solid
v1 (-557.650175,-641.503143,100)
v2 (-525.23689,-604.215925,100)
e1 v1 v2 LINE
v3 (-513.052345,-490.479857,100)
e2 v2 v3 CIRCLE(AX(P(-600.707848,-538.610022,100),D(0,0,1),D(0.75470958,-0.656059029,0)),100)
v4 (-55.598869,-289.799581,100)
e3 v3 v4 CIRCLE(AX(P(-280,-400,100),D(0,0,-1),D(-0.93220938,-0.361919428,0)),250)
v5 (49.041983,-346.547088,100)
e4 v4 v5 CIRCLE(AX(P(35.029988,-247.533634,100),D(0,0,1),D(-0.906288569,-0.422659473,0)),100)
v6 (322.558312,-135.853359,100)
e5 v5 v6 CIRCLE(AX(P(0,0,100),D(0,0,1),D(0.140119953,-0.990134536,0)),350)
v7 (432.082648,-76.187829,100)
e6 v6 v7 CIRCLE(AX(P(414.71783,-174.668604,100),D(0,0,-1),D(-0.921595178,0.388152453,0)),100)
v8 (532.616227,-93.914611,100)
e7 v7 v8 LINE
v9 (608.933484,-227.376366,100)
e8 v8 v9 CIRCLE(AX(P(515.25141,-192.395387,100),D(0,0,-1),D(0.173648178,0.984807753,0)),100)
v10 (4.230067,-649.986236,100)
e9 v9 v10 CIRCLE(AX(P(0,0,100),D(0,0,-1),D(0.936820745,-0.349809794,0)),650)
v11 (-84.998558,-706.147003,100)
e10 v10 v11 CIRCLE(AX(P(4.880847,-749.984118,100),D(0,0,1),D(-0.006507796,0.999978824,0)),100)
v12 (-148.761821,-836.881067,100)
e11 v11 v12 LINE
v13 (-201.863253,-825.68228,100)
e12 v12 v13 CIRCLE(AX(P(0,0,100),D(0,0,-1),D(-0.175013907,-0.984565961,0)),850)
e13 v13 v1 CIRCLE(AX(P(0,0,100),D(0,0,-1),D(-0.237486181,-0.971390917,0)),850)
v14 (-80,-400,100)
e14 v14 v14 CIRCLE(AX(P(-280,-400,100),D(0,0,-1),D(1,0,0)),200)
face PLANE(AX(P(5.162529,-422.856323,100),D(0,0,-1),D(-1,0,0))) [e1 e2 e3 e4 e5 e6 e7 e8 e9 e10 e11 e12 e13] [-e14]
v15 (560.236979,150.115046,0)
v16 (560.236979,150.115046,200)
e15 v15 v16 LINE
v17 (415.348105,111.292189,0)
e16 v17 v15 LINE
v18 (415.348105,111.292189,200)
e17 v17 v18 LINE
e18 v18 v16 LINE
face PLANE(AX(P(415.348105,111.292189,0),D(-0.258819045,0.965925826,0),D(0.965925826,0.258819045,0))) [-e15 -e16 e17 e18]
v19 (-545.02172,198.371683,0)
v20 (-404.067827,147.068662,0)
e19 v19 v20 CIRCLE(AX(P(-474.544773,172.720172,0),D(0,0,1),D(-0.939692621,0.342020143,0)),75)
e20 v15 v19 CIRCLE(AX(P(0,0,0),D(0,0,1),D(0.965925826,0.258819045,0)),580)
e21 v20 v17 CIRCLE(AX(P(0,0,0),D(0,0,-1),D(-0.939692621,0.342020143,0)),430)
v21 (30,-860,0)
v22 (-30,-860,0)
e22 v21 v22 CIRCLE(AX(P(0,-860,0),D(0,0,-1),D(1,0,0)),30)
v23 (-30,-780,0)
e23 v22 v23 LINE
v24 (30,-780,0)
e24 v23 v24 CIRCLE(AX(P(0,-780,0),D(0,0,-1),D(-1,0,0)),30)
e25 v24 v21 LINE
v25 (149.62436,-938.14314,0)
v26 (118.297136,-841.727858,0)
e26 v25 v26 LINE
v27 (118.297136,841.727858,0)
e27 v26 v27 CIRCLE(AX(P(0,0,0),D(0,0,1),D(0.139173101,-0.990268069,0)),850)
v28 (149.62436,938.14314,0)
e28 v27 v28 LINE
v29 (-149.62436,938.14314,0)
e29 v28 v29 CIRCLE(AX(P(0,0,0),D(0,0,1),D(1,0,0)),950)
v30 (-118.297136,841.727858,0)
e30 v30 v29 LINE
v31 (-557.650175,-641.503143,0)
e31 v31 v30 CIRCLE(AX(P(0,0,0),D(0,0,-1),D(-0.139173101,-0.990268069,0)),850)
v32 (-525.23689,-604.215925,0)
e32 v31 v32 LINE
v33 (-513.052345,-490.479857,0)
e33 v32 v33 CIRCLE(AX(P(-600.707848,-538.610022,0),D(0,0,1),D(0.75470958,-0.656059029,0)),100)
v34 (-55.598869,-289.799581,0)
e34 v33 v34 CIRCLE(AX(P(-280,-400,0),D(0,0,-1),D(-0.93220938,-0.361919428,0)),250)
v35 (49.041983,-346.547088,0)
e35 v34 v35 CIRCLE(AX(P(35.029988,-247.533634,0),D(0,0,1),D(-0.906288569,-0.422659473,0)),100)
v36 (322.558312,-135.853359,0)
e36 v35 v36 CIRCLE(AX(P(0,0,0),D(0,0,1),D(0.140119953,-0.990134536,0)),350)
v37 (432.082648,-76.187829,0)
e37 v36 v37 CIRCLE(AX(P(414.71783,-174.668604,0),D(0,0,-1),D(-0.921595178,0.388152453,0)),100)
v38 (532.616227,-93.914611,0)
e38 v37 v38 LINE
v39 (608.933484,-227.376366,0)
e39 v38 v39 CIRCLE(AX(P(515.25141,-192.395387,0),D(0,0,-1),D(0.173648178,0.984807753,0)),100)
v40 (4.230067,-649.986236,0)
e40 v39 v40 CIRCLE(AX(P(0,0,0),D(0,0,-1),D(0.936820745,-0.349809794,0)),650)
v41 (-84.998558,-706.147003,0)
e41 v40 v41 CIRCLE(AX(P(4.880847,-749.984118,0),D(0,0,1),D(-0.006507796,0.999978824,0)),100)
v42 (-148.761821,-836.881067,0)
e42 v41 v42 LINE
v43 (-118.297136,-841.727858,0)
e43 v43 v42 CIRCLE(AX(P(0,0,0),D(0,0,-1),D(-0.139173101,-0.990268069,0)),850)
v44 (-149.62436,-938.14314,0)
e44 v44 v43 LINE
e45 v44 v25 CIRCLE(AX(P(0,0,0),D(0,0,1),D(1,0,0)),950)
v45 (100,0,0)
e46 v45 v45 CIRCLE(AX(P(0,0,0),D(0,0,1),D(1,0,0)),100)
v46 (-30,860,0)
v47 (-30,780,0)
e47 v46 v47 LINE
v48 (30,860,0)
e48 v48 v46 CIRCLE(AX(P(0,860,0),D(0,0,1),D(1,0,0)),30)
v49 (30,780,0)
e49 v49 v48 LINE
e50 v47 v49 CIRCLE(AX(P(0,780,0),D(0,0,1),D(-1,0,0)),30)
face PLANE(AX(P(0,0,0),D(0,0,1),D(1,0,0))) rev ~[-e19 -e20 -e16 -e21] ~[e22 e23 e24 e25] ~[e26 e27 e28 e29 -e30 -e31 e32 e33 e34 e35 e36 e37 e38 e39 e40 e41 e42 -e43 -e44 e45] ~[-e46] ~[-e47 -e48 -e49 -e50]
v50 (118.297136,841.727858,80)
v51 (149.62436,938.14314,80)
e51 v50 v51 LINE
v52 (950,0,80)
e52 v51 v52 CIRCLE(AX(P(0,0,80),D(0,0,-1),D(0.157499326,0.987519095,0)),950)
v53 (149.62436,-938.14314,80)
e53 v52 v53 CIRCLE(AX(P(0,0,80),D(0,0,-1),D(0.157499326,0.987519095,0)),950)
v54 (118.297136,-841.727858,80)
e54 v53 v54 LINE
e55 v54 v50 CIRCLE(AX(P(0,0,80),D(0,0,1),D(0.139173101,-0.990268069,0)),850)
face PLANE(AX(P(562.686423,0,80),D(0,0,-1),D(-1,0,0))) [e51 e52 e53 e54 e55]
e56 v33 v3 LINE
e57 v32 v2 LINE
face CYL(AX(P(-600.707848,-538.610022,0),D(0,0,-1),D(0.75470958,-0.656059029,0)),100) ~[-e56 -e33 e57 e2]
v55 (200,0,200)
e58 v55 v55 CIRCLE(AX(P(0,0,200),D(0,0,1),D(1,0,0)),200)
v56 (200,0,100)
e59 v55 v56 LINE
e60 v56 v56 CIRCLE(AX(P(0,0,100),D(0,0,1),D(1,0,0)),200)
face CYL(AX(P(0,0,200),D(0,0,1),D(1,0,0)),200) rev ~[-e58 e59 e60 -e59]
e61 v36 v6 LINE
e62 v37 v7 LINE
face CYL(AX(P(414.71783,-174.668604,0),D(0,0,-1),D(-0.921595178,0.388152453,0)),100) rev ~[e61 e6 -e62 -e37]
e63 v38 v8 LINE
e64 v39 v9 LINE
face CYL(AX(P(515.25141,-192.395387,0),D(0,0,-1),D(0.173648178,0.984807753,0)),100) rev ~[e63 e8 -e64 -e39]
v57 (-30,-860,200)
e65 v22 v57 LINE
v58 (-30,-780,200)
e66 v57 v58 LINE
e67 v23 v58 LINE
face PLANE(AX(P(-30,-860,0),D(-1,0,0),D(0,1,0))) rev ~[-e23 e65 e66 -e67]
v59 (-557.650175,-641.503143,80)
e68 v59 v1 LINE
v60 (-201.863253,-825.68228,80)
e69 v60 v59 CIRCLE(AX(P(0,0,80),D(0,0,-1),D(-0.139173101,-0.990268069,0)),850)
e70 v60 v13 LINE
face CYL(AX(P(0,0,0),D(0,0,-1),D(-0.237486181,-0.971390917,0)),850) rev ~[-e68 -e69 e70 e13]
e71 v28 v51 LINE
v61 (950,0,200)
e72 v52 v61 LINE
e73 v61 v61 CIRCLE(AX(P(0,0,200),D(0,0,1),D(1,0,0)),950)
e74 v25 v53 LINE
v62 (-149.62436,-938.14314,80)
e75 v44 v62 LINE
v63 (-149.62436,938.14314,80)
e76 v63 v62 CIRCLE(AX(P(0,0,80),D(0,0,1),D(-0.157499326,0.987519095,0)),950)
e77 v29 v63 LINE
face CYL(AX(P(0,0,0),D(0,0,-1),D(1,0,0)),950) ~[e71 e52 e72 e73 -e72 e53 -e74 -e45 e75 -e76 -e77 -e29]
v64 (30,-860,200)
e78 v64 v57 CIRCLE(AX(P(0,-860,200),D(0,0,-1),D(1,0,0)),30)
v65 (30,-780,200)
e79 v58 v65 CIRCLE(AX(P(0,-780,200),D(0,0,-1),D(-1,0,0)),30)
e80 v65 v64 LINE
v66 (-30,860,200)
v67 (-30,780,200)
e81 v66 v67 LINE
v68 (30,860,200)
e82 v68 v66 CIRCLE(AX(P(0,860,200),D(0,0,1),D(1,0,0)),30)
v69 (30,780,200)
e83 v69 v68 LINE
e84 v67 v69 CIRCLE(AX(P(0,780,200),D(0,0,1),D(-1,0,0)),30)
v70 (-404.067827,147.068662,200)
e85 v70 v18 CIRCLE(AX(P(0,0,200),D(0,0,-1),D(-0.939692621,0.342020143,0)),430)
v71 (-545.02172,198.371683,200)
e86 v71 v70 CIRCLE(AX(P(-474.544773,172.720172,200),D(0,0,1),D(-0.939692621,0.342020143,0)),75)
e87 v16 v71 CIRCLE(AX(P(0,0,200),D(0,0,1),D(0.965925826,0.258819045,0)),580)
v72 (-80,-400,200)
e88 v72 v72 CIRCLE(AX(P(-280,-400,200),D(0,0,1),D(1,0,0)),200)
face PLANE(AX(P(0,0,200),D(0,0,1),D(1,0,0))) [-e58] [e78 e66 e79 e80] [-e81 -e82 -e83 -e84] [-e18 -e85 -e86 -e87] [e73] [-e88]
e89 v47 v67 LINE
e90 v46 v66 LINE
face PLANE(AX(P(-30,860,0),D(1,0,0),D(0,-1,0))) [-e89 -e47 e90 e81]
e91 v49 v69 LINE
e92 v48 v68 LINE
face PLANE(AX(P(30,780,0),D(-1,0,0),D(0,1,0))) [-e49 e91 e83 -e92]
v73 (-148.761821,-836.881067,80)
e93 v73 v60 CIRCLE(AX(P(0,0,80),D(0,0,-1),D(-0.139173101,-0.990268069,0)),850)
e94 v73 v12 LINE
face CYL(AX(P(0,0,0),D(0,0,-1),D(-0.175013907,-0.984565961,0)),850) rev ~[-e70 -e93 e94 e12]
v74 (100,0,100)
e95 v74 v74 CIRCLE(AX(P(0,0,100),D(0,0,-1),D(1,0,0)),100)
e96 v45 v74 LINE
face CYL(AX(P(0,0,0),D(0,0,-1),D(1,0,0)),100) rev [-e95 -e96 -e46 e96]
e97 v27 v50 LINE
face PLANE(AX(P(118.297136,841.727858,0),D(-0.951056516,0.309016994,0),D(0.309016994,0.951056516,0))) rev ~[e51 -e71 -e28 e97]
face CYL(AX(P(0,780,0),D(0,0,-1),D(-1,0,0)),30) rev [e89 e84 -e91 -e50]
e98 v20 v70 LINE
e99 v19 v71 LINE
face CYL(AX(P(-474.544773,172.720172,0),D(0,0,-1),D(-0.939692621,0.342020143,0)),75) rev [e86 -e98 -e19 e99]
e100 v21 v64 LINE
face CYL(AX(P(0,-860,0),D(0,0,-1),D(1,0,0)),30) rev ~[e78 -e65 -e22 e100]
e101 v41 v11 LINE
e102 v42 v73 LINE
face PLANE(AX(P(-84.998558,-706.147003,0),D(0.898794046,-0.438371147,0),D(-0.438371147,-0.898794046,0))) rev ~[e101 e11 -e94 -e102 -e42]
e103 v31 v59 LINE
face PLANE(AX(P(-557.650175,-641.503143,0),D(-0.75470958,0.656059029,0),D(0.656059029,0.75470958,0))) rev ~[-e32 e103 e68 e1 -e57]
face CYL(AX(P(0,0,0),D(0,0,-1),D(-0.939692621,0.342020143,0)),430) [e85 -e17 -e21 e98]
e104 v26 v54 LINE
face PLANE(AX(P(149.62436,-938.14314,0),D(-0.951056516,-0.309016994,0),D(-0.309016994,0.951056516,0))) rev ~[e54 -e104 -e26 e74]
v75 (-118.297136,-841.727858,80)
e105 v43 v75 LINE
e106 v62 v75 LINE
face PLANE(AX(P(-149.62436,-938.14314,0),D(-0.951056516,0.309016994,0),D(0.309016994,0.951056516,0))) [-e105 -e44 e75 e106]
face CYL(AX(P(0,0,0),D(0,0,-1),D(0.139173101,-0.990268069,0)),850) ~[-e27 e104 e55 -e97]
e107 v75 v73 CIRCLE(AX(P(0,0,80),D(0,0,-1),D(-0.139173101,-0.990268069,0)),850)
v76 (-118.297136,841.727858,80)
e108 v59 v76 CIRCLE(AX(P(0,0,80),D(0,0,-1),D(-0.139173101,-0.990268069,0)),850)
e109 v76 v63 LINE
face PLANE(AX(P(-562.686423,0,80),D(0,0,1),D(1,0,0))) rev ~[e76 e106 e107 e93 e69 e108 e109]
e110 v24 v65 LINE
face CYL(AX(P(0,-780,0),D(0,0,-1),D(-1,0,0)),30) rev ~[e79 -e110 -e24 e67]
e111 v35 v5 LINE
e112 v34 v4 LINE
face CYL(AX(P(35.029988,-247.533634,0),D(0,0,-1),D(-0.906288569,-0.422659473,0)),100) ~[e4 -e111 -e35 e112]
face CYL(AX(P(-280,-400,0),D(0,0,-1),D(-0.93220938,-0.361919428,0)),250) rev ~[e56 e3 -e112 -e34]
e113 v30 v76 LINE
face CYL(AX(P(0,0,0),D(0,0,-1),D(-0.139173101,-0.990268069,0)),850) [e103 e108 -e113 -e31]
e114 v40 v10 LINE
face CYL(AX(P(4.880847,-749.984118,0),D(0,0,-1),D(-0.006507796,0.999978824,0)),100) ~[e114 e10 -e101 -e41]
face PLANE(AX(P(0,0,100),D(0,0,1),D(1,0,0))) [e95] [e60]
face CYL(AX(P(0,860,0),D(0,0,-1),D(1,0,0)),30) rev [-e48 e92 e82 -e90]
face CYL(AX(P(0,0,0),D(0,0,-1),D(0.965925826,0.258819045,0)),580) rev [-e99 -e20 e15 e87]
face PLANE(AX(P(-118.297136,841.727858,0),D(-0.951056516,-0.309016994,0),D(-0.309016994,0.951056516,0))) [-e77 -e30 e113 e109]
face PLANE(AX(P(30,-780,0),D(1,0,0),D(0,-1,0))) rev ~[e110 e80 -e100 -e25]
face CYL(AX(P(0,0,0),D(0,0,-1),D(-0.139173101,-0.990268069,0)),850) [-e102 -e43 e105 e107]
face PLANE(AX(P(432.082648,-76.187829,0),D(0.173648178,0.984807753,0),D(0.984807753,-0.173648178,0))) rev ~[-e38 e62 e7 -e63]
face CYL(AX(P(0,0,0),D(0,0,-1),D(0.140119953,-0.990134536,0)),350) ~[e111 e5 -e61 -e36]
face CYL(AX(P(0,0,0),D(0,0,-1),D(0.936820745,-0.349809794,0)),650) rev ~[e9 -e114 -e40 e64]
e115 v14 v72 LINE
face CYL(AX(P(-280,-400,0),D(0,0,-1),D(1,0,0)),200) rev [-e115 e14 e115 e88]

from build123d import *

# Parameters (mm, degrees)
ESQUISSE1_R             = 950
ESQUISSE1_R_2           = 100
ESQUISSE1_R_3           = 200
BOSS_EXTRU_2_DEPTH      = 200
ESQUISSE4_R             = 200
ENL_V_MAT_EXTRU_2_DEPTH = 100
ESQUISSE5_R             = 200
ENL_V_MAT_EXTRU_3_DEPTH = 100
ENL_V_MAT_EXTRU_4_DEPTH = 80


with BuildPart() as part:
    # Esquisse1 → Boss.-Extru.2 (new body)
    with BuildSketch(Plane.XY):
        Circle(ESQUISSE1_R)
        Circle(ESQUISSE1_R_2, mode=Mode.SUBTRACT)
        with Locations((-280, -400)):
            Circle(ESQUISSE1_R_3, mode=Mode.SUBTRACT)
        with BuildLine():
            Line((30, -780), (30, -860))
            ThreePointArc((30, -860), (0, -890), (-30, -860))
            Line((-30, -860), (-30, -780))
            ThreePointArc((-30, -780), (0, -750), (30, -780))
        make_face(mode=Mode.SUBTRACT)
        with BuildLine():
            Line((415.348105304, 111.292189394), (560.236979248, 150.115046159))
            ThreePointArc((560.236979248, 150.115046159), (25.299244672, 579.447968517), (-545.021720056, 198.371683129))
            ThreePointArc((-545.021720056, 198.371683129), (-500.196284246, 102.243225821), (-404.067826938, 147.06866163))
            ThreePointArc((-404.067826938, 147.06866163), (18.756336567, 429.59073528), (415.348105304, 111.292189394))
        make_face(mode=Mode.SUBTRACT)
        with BuildLine():
            Line((30, 780), (30, 860))
            ThreePointArc((30, 860), (0, 890), (-30, 860))
            Line((-30, 860), (-30, 780))
            ThreePointArc((-30, 780), (0, 750), (30, 780))
        make_face(mode=Mode.SUBTRACT)
    extrude(amount=BOSS_EXTRU_2_DEPTH)

    # Esquisse4 → Enlèv. mat.-Extru.2 (cut)
    with BuildSketch(Plane.XY.offset(200)):
        Circle(ESQUISSE4_R)
    extrude(amount=-ENL_V_MAT_EXTRU_2_DEPTH, mode=Mode.SUBTRACT)

    # Esquisse5 → Enlèv. mat.-Extru.3 (cut)
    with BuildSketch(Plane(origin=(0, 0, 0), x_dir=(-1, 0, 0), z_dir=(0, 0, -1))):
        with BuildLine():
            ThreePointArc((201.863253444, -825.682279638), (390.762908215, -754.853859739), (557.650174642, -641.503143189))
            Line((557.650174642, -641.503143189), (525.236890093, -604.21592467))
            ThreePointArc((525.236890093, -604.21592467), (501.276797335, -549.262070437), (513.052344937, -490.479856982))
            ThreePointArc((513.052344937, -490.479856982), (380.433331839, -171.060824987), (55.598868761, -289.799581223))
            ThreePointArc((55.598868761, -289.799581223), (12.641866668, -335.439232515), (-49.041983374, -346.547087517))
            ThreePointArc((-49.041983374, -346.547087517), (-213.58758579, -277.273048088), (-322.558312447, -135.853358705))
            ThreePointArc((-322.558312447, -135.853358705), (-366.878979382, -86.853774186), (-432.082648055, -76.187828748))
            Line((-432.082648055, -76.187828748), (-532.616227494, -93.91461127))
            ThreePointArc((-532.616227494, -93.91461127), (-602.060758652, -142.755312647), (-608.933484223, -227.376365948))
            ThreePointArc((-608.933484223, -227.376365948), (-372.346828507, -532.783107184), (-4.23006723, -649.986235648))
            ThreePointArc((-4.23006723, -649.986235648), (48.386746731, -665.352188625), (84.998557826, -706.147003376))
            Line((84.998557826, -706.147003376), (148.761821167, -836.881067155))
            ThreePointArc((148.761821167, -836.881067155), (175.401935414, -831.705573537), (201.863253444, -825.682279638))
        make_face()
        with Locations((280, -400)):
            Circle(ESQUISSE5_R, mode=Mode.SUBTRACT)
    extrude(amount=-ENL_V_MAT_EXTRU_3_DEPTH, mode=Mode.SUBTRACT)

    # Esquisse6 → Enlèv. mat.-Extru.4 (cut)
    with BuildSketch(Plane(origin=(0, 0, 0), x_dir=(-1, 0, 0), z_dir=(0, 0, -1))):
        with BuildLine():
            Line((-118.297135816, 841.72785843), (-149.624359786, 938.143139909))
            ThreePointArc((-149.624359786, 938.143139909), (-950, 0), (-149.624359786, -938.143139909))
            Line((-149.624359786, -938.143139909), (-118.297135816, -841.72785843))
            ThreePointArc((-118.297135816, -841.72785843), (-850, 0), (-118.297135816, 841.72785843))
        make_face()
        with BuildLine():
            Line((118.297135816, 841.72785843), (149.624359786, 938.143139909))
            ThreePointArc((149.624359786, 938.143139909), (950, 0), (149.624359786, -938.143139909))
            Line((149.624359786, -938.143139909), (118.297135816, -841.72785843))
            ThreePointArc((118.297135816, -841.72785843), (850, 0), (118.297135816, 841.72785843))
        make_face()
    extrude(amount=-ENL_V_MAT_EXTRU_4_DEPTH, mode=Mode.SUBTRACT)


solid = part.part
